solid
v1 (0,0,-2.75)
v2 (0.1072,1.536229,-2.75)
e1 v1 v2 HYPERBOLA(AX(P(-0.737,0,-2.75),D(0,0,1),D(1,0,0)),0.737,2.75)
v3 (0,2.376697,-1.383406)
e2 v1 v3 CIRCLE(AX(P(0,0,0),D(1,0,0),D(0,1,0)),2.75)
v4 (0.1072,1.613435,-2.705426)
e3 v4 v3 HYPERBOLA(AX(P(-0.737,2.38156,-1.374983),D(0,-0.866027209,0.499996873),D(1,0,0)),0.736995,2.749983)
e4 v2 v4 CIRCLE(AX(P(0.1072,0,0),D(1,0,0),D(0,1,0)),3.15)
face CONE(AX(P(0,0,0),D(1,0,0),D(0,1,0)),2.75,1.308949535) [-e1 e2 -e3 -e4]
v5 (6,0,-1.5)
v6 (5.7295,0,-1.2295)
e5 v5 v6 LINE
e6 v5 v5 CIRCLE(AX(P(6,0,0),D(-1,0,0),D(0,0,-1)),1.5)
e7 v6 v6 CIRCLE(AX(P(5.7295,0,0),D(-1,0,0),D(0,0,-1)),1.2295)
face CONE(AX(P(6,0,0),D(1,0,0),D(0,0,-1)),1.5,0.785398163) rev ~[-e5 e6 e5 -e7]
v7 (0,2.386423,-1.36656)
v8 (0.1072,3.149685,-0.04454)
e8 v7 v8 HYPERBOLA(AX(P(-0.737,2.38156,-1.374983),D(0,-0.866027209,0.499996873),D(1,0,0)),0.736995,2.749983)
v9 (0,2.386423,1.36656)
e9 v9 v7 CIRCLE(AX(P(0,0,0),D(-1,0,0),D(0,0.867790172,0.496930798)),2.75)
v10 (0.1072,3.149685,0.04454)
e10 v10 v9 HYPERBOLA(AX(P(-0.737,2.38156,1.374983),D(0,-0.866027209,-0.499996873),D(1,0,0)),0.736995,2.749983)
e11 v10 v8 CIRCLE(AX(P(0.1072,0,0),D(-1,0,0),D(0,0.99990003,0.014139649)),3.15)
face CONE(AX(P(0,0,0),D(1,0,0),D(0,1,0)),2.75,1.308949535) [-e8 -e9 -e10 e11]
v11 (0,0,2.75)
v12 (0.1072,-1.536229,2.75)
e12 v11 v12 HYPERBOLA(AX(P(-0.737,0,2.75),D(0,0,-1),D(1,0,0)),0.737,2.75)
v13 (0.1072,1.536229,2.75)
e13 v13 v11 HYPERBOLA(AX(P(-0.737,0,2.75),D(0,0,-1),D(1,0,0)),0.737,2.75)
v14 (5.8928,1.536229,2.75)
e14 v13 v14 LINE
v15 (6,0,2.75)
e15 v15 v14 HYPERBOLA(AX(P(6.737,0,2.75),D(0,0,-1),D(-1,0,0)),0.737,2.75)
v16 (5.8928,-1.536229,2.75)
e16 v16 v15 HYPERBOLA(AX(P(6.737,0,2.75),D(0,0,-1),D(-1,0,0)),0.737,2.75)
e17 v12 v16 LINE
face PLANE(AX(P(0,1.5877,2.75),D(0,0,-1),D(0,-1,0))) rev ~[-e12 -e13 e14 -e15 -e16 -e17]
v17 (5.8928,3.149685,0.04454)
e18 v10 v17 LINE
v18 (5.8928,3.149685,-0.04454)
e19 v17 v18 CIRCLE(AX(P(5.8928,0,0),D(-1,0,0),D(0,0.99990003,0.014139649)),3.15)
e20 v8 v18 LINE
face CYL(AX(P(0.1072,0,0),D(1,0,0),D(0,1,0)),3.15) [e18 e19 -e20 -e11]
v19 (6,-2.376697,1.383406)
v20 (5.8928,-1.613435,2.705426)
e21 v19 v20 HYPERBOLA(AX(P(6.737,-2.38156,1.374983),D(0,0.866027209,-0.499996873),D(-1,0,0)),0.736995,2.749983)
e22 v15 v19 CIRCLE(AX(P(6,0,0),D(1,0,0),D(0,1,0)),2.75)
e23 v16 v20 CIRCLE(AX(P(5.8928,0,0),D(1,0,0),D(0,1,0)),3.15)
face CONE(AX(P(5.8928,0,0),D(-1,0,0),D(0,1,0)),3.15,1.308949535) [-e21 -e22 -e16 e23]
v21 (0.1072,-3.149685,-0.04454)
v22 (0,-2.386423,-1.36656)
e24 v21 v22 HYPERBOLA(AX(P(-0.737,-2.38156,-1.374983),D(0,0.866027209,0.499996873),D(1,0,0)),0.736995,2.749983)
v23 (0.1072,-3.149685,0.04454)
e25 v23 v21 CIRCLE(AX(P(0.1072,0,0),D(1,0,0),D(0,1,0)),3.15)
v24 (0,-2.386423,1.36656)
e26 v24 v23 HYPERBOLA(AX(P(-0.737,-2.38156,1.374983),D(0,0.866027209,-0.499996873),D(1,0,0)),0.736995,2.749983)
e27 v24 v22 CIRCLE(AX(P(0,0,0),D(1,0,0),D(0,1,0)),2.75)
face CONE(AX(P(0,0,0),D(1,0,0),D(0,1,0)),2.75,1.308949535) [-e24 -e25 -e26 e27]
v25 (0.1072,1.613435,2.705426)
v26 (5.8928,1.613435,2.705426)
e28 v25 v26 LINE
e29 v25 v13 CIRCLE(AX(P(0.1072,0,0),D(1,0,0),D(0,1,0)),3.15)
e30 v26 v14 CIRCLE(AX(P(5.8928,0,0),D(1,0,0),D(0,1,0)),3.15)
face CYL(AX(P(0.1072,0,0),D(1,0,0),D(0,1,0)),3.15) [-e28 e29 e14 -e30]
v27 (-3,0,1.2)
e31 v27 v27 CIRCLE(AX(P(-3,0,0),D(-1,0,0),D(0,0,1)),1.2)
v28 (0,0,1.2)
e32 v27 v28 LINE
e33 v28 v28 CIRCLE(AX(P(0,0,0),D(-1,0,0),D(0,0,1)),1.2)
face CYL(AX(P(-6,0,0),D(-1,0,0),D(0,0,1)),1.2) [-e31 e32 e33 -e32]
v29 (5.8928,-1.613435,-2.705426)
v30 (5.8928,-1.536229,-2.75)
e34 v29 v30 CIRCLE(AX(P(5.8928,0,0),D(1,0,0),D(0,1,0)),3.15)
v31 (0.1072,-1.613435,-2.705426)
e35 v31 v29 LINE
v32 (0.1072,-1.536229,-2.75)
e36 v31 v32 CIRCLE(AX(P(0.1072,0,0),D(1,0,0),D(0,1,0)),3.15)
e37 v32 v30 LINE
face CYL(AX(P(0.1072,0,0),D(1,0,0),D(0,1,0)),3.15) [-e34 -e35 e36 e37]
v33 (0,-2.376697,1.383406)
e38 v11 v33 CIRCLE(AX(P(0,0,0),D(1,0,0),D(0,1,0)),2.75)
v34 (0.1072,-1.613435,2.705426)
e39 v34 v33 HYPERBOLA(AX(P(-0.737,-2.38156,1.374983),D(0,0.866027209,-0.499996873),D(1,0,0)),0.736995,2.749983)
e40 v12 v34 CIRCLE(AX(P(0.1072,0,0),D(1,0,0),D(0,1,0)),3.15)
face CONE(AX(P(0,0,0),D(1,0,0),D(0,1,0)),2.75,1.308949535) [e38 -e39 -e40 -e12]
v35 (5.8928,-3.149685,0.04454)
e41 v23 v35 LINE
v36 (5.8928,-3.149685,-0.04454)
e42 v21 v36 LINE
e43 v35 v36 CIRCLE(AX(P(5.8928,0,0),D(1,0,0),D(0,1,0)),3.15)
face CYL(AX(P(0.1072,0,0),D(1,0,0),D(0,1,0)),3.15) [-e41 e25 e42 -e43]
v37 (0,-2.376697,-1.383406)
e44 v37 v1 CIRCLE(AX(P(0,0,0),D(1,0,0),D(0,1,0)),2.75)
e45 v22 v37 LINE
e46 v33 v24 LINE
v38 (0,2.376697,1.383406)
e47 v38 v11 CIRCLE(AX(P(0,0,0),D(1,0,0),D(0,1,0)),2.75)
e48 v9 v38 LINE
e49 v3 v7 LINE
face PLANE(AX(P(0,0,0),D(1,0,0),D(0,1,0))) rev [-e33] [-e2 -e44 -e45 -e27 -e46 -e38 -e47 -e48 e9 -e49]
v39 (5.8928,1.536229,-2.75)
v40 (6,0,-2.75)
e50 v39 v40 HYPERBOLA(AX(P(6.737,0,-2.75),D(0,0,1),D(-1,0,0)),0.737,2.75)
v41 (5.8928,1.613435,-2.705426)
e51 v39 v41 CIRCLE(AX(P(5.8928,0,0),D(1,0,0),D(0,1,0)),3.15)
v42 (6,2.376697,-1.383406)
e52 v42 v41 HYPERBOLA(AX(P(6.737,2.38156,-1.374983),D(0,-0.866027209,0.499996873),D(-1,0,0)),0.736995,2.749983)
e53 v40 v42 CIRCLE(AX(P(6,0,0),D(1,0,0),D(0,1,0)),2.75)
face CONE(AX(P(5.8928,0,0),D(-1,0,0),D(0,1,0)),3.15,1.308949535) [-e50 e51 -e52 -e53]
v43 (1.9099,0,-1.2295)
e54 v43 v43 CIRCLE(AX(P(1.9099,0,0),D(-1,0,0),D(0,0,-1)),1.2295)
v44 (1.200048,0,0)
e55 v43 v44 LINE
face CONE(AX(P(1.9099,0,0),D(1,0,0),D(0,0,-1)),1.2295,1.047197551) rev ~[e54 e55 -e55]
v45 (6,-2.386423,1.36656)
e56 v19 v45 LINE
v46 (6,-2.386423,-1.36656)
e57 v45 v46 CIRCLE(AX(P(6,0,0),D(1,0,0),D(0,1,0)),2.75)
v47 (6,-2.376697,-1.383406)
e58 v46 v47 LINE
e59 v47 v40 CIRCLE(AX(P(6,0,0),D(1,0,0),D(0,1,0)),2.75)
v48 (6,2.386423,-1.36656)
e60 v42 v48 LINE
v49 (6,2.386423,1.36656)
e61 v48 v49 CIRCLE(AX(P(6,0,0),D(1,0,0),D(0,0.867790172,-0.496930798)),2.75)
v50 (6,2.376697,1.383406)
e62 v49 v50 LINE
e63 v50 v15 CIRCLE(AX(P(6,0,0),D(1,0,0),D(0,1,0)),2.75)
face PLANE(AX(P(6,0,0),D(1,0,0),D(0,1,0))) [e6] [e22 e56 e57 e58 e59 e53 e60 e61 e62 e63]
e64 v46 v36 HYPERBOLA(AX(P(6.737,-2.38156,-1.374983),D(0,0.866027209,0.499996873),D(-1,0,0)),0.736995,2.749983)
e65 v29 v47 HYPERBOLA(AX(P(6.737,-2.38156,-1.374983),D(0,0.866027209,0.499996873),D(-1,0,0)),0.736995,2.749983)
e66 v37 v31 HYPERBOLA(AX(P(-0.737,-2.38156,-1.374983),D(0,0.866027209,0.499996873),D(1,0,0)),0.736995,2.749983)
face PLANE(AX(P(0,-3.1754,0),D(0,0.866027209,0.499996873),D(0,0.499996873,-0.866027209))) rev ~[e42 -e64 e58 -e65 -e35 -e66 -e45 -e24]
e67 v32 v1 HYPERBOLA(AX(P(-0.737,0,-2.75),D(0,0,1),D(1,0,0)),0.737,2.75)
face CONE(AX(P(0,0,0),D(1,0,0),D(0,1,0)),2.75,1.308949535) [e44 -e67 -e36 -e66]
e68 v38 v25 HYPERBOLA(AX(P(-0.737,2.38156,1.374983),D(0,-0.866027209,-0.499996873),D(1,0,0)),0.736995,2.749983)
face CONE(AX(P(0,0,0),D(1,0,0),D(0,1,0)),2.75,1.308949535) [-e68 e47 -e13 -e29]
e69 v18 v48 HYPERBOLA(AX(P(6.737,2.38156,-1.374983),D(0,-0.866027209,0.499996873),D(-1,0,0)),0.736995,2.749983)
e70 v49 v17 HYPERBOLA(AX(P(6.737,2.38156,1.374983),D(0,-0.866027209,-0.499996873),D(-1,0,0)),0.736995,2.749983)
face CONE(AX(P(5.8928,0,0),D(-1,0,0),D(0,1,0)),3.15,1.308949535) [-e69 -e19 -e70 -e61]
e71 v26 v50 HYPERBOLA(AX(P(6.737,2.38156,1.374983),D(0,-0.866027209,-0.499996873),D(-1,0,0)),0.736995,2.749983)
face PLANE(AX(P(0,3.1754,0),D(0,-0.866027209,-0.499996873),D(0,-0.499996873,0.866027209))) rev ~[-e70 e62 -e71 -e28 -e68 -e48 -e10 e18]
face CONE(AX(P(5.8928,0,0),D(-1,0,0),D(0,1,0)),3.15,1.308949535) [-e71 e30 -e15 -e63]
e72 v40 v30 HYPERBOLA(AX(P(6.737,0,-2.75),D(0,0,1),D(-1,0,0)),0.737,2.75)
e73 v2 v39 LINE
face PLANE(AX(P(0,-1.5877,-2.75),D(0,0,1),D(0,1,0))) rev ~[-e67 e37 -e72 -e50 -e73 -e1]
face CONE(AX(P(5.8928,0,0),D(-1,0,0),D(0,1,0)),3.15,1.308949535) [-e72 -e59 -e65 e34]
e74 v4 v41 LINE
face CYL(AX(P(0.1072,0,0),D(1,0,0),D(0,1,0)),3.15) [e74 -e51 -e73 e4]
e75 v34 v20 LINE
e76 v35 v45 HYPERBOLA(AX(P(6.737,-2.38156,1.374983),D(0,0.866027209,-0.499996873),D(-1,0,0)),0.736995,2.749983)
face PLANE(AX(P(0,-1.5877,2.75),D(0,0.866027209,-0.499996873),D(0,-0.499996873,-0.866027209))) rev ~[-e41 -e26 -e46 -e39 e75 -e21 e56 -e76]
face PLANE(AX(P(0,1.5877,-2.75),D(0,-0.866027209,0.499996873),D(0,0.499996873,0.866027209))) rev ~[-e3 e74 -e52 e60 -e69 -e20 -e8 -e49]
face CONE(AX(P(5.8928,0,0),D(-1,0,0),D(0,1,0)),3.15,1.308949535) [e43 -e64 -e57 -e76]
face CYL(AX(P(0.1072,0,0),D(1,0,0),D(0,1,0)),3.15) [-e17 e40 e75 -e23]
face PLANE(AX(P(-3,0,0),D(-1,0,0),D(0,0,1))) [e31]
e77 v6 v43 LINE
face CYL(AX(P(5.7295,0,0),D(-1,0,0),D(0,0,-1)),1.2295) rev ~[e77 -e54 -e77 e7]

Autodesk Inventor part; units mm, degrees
ref_plane "YZ Plane" through (0, 0, 0) normal (1, 0, 0) x (0, 1, 0)
ref_plane "XZ Plane" through (0, 0, 0) normal (0, 1, 0) x (-1, 0, 0)
ref_plane "XY Plane" through (0, 0, 0) normal (0, 0, 1) x (1, 0, 0)
sketch "Sketch_1" plane through (0, 0, 0) normal (0, 0, 1) x (1, 0, 0)
  line L0 (6, 0) -> (0, 0)
  line L1 (0, 0) -> (0, 2.75)
  line L2 (0, 2.75) -> (0.1072, 3.15)
  line L3 (0.1072, 3.15) -> (5.8928, 3.15)
  line L4 (5.8928, 3.15) -> (6, 2.75)
  line L5 (6, 2.75) -> (6, 0)
  line L6 (6, 0) -> (0, 0)
revolve "Revolution1" add sketch "Sketch_1" angle 360 about axis through (6, 0, 0) along (1, 0, 0)
sketch "Sketch_5" plane through (0, 0, 0) normal (0, 0, 1) x (1, 0, 0)
  line L0 (0, 0) -> (-6, 0)
  line L1 (-6, 0) -> (-6, 1.1935)
  line L2 (-6, 1.1935) -> (-5.6935, 1.5)
  line L3 (-5.6935, 1.5) -> (-0.6, 1.5)
  line L4 (-0.6, 1.5) -> (-0.6, 1.2295)
  line L5 (-0.6, 1.2295) -> (0, 1.2295)
  line L6 (0, 1.2295) -> (0, 0)
  line L7 (0, 0) -> (-6, 0)
revolve "Revolution2" add sketch "Sketch_5" angle 360 about axis through (0, 0, 0) along (1, 0, 0)
thread "Thread1" size "M3x0.5" class "6g" standard "ISO Metric profile" full length
sketch "Sketch_6" plane through (0, 0, 0) normal (1, 0, 0) x (0, 1, 0)
  circle A0 centre (0, 0) radius 6.3
  line L0 (1.5877, 2.75) -> (-1.5877, 2.75)
  line L1 (-1.5877, 2.75) -> (-3.1754, 0)
  line L2 (-3.1754, 0) -> (-1.5877, -2.75)
  line L3 (-1.5877, -2.75) -> (1.5877, -2.75)
  line L4 (1.5877, -2.75) -> (3.1754, 0)
  line L5 (3.1754, 0) -> (1.5877, 2.75)
extrude "Extrusion1" cut sketch "Sketch_6" along normal blind 6
sketch "Sketch4" plane through (6, 0, 0) normal (1, 0, 0) x (0, 0, -1)
  point P0 (0, 0)
hole "Hole1" at (6, 0, 0) direction (-1, 0, 0) diameter 2.459 depth 4.0901 tip angle 120 countersink diameter 3 countersink angle 90 thread size "M3x0.5" class "6H" standard "ISO Metric profile"
sketch "スケッチ5" plane through (-6, 0, 0) normal (-1, 0, 0) x (0, 0, 1)
  circle A0 centre (0, 0) radius 1.1935 projected
  circle A1 centre (0, 0) radius 1.2
  circle A2 centre (0, 0) radius 2.1125
  dimension "d13" = 2.4
extrude "押し出し2" cut sketch "スケッチ5" against normal blind 6 contours A2
sketch "スケッチ6" plane through (-6, 0, 0) normal (-1, 0, 0) x (0, 0, 1)
  circle A0 centre (0, 0) radius 1.1935 projected
  circle A1 centre (0, 0) radius 4.3291
extrude "押し出し3" cut sketch "スケッチ6" against normal blind 3 contours A0 | A1
properties part number "SLCG5.5-6"
